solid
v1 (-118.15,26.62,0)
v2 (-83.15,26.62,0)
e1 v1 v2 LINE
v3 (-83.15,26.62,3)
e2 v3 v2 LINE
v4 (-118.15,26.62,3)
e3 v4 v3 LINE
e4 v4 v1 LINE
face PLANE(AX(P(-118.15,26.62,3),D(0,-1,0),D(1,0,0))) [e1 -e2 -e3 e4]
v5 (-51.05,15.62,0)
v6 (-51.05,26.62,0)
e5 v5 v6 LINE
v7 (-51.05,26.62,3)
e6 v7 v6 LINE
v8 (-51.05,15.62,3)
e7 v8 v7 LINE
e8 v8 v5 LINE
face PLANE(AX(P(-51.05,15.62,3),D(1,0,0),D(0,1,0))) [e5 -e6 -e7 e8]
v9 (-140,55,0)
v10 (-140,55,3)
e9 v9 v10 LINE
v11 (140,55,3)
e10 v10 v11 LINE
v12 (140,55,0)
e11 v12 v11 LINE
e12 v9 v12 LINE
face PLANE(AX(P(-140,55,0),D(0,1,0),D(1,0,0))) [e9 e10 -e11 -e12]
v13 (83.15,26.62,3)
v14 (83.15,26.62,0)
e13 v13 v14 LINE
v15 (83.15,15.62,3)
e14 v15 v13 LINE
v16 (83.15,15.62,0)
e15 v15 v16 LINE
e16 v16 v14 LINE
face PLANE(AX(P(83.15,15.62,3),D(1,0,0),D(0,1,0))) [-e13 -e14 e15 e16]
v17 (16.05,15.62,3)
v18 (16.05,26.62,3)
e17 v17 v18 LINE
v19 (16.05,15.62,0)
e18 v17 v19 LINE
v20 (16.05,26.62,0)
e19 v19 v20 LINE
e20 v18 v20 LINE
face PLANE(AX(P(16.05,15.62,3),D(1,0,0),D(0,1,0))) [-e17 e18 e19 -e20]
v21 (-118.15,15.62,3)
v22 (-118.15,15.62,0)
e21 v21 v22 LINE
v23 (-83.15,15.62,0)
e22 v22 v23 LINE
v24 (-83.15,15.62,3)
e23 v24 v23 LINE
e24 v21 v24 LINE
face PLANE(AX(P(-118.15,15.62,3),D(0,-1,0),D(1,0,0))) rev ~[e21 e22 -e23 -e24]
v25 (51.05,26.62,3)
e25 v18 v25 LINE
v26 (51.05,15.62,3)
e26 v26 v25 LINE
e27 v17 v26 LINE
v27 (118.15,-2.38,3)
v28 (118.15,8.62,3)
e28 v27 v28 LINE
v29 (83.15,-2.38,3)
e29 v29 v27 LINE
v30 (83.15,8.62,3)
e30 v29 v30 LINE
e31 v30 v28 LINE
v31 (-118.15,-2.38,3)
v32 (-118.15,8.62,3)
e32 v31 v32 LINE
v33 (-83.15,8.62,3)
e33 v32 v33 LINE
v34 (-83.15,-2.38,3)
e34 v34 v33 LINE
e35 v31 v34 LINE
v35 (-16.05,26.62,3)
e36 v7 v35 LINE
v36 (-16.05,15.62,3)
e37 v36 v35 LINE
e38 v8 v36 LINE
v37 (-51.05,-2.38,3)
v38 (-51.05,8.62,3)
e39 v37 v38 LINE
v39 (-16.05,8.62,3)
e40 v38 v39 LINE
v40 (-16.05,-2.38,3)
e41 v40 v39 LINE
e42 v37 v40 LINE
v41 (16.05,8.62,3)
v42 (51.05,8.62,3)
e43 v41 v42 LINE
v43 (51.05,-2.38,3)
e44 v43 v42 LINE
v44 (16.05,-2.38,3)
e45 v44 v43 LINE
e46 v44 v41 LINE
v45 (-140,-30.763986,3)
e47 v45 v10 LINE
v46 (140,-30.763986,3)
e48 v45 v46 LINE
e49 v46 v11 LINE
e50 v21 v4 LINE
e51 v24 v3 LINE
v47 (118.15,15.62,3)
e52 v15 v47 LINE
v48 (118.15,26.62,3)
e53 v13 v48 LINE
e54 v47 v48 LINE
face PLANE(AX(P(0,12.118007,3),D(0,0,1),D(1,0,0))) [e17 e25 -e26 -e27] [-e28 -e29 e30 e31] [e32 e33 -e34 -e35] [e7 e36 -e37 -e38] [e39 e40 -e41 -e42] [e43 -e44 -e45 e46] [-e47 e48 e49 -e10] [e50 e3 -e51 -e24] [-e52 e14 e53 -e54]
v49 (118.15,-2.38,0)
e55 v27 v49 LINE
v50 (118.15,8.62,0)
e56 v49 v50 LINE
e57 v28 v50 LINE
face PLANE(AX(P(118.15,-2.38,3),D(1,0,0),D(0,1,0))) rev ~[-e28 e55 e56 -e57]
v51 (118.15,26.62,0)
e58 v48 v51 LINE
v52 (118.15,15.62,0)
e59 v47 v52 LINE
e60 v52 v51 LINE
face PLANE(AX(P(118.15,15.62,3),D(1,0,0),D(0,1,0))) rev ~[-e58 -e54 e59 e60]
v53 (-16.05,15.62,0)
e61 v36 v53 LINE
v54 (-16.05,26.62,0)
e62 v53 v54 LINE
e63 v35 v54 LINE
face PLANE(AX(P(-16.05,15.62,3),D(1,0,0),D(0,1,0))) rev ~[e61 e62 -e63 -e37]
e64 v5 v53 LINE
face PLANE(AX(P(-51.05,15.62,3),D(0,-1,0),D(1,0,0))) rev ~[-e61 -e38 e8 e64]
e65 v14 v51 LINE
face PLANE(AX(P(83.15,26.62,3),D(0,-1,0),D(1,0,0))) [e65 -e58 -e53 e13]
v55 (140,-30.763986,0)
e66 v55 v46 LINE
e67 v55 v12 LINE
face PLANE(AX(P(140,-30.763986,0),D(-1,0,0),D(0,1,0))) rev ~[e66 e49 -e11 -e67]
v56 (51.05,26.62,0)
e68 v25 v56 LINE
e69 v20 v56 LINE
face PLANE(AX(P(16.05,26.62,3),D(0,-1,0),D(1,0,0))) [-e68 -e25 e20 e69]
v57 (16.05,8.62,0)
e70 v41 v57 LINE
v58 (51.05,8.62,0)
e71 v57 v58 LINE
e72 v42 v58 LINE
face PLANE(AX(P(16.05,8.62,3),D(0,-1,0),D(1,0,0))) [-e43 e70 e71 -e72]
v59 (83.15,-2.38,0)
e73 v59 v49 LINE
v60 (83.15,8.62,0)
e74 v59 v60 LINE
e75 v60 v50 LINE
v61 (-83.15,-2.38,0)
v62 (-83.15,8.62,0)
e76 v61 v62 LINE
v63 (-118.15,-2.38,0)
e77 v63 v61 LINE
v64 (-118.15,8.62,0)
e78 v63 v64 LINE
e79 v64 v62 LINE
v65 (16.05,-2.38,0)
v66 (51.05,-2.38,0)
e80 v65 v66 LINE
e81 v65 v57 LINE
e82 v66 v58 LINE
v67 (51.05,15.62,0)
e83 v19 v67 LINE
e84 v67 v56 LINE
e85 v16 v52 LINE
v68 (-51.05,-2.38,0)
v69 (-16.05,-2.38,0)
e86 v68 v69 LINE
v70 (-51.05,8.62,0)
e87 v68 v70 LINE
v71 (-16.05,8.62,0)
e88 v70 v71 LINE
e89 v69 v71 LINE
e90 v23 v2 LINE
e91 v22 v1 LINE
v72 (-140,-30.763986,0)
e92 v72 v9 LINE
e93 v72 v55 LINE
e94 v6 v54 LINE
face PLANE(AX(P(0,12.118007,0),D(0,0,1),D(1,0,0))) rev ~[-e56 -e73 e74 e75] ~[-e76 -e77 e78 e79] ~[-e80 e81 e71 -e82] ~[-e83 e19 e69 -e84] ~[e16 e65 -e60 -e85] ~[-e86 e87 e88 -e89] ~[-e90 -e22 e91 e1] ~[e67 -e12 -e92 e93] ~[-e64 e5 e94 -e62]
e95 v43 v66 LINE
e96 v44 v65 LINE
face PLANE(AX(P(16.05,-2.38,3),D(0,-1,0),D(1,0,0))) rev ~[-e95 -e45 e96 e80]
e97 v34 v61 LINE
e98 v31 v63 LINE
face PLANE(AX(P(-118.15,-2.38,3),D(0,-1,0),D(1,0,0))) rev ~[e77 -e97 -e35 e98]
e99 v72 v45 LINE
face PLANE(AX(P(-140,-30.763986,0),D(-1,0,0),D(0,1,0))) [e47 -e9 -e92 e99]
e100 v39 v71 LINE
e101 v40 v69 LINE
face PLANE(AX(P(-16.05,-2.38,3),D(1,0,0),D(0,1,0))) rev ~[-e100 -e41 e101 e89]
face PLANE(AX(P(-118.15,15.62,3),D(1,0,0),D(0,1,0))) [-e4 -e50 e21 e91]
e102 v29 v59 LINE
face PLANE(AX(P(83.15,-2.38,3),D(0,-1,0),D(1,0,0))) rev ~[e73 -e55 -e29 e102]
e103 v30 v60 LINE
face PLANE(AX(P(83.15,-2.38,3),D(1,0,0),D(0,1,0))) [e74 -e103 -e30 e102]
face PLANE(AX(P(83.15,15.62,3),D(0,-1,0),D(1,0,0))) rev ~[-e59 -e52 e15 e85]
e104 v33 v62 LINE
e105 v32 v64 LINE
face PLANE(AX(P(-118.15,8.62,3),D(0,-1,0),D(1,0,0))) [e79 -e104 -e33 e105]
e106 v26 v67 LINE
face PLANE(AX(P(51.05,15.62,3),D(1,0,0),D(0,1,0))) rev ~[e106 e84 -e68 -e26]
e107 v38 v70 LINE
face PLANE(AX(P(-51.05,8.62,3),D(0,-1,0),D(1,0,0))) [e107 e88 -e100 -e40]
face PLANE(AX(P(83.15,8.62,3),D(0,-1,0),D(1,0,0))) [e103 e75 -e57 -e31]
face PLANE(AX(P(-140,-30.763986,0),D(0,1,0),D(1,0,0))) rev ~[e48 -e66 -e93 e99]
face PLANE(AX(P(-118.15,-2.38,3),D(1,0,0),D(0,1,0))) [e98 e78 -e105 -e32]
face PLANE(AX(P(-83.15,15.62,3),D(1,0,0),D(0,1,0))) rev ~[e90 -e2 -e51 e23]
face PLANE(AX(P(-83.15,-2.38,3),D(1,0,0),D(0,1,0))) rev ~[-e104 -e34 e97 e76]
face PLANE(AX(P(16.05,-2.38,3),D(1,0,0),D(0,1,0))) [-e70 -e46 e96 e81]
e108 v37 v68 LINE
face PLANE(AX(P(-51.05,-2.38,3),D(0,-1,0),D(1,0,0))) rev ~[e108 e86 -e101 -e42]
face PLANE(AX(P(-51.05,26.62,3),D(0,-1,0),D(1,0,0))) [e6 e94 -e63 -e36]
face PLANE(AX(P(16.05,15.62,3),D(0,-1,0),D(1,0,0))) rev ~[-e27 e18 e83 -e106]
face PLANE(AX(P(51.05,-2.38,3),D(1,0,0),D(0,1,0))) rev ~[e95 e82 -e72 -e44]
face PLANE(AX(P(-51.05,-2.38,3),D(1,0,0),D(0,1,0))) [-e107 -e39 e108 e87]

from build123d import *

# Parameters (mm, degrees)
ESBO_O1_W                = 280
ESBO_O1_H                = 85.763986188
RESSALTO_EXTRUS_O1_DEPTH = 3
ESBO_O2_W                = 35
ESBO_O2_H                = 11
CORTE_EXTRUS_O1_DEPTH    = 3


with BuildPart() as part:
    # Esboço1 → Ressalto-extrusão1 (new body)
    with BuildSketch(Plane.XY):
        with Locations((0, 12.118006906)):
            Rectangle(ESBO_O1_W, ESBO_O1_H)
    extrude(amount=RESSALTO_EXTRUS_O1_DEPTH)

    # Esboço2 → Corte-extrusão1 (cut)
    with BuildSketch(Plane.XY.offset(3)):
        with Locations((-100.65, 21.12)):
            Rectangle(ESBO_O2_W, ESBO_O2_H)
        with Locations((100.65, 3.12)):
            Rectangle(ESBO_O2_W, ESBO_O2_H)
        with Locations((100.65, 21.12)):
            Rectangle(ESBO_O2_W, ESBO_O2_H)
        with Locations((33.55, 3.12)):
            Rectangle(ESBO_O2_W, ESBO_O2_H)
        with Locations((33.55, 21.12)):
            Rectangle(ESBO_O2_W, ESBO_O2_H)
        with Locations((-33.55, 3.12)):
            Rectangle(ESBO_O2_W, ESBO_O2_H)
        with Locations((-33.55, 21.12)):
            Rectangle(ESBO_O2_W, ESBO_O2_H)
        with Locations((-100.65, 3.12)):
            Rectangle(ESBO_O2_W, ESBO_O2_H)
    extrude(amount=-CORTE_EXTRUS_O1_DEPTH, mode=Mode.SUBTRACT)


solid = part.part
